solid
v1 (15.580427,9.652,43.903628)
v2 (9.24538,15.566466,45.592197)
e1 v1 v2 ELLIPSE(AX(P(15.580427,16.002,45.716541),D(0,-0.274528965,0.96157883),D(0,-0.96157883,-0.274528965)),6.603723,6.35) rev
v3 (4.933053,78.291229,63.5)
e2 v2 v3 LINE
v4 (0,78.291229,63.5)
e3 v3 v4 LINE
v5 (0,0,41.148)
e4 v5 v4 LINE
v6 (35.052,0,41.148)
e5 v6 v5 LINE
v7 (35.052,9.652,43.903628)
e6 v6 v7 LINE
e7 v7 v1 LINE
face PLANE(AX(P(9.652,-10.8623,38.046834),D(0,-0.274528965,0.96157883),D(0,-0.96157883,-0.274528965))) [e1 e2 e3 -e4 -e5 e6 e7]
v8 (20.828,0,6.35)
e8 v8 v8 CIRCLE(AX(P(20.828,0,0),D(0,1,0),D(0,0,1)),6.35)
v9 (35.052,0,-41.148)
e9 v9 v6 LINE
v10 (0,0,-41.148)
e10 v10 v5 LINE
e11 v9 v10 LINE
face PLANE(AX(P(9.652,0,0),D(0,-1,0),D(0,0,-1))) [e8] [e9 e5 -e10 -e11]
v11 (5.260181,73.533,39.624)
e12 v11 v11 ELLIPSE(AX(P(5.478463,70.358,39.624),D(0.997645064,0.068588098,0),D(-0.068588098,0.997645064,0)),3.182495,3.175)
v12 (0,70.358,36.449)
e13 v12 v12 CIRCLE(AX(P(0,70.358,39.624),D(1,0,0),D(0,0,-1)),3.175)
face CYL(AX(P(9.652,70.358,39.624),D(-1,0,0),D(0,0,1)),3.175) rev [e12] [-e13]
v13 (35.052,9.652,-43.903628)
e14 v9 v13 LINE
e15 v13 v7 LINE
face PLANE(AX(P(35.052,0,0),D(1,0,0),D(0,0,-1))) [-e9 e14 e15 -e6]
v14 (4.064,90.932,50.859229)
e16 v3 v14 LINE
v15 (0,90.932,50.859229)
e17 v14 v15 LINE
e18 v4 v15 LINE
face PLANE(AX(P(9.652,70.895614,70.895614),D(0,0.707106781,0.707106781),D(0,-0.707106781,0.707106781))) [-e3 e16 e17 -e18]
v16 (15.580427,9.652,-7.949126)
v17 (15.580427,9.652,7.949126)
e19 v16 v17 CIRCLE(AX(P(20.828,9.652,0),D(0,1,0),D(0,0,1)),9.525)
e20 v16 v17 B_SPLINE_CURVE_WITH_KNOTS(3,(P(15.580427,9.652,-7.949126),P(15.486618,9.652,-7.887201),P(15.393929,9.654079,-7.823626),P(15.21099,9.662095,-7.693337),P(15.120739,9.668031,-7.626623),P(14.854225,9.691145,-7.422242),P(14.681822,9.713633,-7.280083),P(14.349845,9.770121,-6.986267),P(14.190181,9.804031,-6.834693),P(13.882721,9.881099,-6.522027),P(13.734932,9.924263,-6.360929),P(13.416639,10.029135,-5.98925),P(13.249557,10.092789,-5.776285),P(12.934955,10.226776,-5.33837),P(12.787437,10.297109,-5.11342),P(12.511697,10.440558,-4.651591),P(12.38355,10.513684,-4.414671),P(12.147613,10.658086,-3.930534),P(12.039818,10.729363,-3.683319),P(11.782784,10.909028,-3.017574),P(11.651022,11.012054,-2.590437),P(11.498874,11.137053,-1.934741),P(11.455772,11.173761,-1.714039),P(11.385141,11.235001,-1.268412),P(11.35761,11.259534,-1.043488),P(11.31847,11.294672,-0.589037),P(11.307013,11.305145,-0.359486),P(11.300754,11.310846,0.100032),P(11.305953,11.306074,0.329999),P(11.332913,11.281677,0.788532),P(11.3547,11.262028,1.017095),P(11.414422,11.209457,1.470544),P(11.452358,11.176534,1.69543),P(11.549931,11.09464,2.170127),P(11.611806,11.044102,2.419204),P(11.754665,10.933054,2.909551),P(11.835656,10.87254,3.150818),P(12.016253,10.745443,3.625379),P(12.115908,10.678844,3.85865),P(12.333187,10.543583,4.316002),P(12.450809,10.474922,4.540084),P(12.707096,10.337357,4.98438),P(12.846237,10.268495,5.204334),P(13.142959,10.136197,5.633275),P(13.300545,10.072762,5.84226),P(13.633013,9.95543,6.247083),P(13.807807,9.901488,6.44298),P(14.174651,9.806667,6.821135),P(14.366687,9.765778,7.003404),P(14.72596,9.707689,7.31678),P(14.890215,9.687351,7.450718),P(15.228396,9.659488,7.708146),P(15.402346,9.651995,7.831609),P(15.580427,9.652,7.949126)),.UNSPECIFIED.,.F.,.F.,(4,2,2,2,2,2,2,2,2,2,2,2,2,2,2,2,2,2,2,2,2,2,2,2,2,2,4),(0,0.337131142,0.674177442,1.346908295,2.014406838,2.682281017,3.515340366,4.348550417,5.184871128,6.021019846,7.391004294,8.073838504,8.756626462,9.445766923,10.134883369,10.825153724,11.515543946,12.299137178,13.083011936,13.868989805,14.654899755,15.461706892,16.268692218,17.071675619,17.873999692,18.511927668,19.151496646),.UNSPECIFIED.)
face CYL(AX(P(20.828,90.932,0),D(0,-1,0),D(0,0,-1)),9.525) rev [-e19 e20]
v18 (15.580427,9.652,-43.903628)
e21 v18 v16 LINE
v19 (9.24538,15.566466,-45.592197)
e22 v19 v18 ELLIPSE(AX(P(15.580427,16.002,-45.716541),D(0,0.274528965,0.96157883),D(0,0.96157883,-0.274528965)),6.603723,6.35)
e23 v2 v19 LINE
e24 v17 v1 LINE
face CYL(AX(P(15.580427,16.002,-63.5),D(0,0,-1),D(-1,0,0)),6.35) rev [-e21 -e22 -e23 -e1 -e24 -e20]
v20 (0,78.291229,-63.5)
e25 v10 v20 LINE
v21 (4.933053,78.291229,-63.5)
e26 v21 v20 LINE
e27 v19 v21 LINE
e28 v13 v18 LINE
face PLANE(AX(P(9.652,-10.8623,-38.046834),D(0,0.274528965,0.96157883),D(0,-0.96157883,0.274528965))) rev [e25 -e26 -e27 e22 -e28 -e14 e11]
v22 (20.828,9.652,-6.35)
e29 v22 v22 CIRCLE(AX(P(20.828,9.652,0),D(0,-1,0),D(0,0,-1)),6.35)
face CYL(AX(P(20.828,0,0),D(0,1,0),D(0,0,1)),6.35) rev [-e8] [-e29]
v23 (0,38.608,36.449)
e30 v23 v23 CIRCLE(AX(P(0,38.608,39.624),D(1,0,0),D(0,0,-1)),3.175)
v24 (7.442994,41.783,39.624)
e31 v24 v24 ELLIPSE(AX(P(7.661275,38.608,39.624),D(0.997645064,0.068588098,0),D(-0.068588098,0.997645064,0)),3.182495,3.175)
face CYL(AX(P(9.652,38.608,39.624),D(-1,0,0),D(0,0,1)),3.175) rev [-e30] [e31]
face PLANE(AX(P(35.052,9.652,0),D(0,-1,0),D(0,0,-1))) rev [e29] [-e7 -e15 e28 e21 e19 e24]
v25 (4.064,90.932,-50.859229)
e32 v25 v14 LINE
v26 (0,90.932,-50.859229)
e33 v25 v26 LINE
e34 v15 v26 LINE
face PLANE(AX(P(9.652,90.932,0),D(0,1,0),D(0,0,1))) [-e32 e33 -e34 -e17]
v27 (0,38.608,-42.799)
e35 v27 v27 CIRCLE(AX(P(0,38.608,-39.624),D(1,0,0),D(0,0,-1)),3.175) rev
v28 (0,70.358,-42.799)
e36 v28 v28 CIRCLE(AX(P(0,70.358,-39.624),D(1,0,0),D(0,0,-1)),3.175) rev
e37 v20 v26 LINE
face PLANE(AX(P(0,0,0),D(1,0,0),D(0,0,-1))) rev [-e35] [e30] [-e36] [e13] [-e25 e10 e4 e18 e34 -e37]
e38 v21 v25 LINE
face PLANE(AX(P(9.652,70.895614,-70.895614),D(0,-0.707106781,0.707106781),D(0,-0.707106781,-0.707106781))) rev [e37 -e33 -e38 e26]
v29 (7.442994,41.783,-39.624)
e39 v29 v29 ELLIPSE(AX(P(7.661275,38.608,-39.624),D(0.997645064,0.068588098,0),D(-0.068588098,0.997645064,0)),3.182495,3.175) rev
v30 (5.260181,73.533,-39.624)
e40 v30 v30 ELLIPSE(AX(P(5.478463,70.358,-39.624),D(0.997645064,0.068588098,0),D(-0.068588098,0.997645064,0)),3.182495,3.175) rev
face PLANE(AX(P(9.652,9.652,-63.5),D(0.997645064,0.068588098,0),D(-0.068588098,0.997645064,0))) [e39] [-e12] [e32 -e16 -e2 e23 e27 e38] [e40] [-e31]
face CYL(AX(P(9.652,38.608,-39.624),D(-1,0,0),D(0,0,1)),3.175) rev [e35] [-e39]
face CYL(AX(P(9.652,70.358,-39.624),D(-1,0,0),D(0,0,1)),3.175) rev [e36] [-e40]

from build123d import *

# Parameters (mm, degrees)
SKETCH2_R               = 3.175
BOSS_EXTRUDE1_DEPTH     = 9.652
BOSS_EXTRUDE2_DEPTH     = 35.052
CUT_EXTRUDE1_DEPTH      = 117.316470579
CUT_EXTRUDE1_DEPTH_BACK = 117.316470579
FILLET1_R               = 6.35
CUT_EXTRUDE3_DEPTH      = 109.937280598
CUT_EXTRUDE3_DEPTH_BACK = 109.937280598
SKETCH5_R               = 6.35
SKETCH6_R               = 9.525
CUT_EXTRUDE4_DEPTH      = 109.937280598


with BuildPart() as part:
    # Sketch2 → Boss-Extrude1 (new body)
    with BuildSketch(Plane(origin=(0, 0, 0), x_dir=(0, 0, -1), z_dir=(1, 0, 0))):
        Polygon((41.148, 0), (63.5, 78.2912287), (50.8592287, 90.932), (-50.8592287, 90.932), (-63.5, 78.2912287), (-41.148, 0), align=None)
        with Locations((39.624, 70.358)):
            Circle(SKETCH2_R, mode=Mode.SUBTRACT)
        with Locations((39.624, 38.608)):
            Circle(SKETCH2_R, mode=Mode.SUBTRACT)
        with Locations((-39.624, 70.358)):
            Circle(SKETCH2_R, mode=Mode.SUBTRACT)
        with Locations((-39.624, 38.608)):
            Circle(SKETCH2_R, mode=Mode.SUBTRACT)
    extrude(amount=BOSS_EXTRUDE1_DEPTH)

    # Sketch2<6> → Boss-Extrude2 (add)
    with BuildSketch(Plane(origin=(0, 0, 0), x_dir=(0, 0, -1), z_dir=(1, 0, 0))):
        Polygon((41.148, 0), (43.903628026, 9.652), (-43.903628026, 9.652), (-41.148, 0), align=None)
    extrude(amount=BOSS_EXTRUDE2_DEPTH)

    # Sketch4 → Cut-Extrude1 (cut, two sides: drawn at the far end of the back side and taken through both)
    with BuildSketch(Plane.XY.offset(-CUT_EXTRUDE1_DEPTH_BACK)):
        Polygon((9.652, 9.652), (4.064, 90.932), (9.652, 90.932), align=None)
    extrude(amount=CUT_EXTRUDE1_DEPTH + CUT_EXTRUDE1_DEPTH_BACK, mode=Mode.SUBTRACT)

    # Fillet1
    fillet1_edges = [part.edges().sort_by_distance(p)[0] for p in [
        (9.652, 9.652, 0),
    ]]
    fillet(fillet1_edges, radius=FILLET1_R)

    # Sketch5 → Cut-Extrude3 (cut, two sides: drawn at the far end of the back side and taken through both)
    with BuildSketch(Plane(origin=(0, 9.652, 0), x_dir=(1, 0, 0), z_dir=(0, 1, 0)).offset(-CUT_EXTRUDE3_DEPTH_BACK)):
        with Locations((20.828, 0)):
            Circle(SKETCH5_R)
    extrude(amount=CUT_EXTRUDE3_DEPTH + CUT_EXTRUDE3_DEPTH_BACK, mode=Mode.SUBTRACT)

    # Sketch6 → Cut-Extrude4 (cut, through all)
    with BuildSketch(Plane(origin=(0, 9.652, 0), x_dir=(1, 0, 0), z_dir=(0, 1, 0))):
        with Locations((20.828, 0)):
            Circle(SKETCH6_R)
    extrude(amount=CUT_EXTRUDE4_DEPTH, mode=Mode.SUBTRACT)


solid = part.part
